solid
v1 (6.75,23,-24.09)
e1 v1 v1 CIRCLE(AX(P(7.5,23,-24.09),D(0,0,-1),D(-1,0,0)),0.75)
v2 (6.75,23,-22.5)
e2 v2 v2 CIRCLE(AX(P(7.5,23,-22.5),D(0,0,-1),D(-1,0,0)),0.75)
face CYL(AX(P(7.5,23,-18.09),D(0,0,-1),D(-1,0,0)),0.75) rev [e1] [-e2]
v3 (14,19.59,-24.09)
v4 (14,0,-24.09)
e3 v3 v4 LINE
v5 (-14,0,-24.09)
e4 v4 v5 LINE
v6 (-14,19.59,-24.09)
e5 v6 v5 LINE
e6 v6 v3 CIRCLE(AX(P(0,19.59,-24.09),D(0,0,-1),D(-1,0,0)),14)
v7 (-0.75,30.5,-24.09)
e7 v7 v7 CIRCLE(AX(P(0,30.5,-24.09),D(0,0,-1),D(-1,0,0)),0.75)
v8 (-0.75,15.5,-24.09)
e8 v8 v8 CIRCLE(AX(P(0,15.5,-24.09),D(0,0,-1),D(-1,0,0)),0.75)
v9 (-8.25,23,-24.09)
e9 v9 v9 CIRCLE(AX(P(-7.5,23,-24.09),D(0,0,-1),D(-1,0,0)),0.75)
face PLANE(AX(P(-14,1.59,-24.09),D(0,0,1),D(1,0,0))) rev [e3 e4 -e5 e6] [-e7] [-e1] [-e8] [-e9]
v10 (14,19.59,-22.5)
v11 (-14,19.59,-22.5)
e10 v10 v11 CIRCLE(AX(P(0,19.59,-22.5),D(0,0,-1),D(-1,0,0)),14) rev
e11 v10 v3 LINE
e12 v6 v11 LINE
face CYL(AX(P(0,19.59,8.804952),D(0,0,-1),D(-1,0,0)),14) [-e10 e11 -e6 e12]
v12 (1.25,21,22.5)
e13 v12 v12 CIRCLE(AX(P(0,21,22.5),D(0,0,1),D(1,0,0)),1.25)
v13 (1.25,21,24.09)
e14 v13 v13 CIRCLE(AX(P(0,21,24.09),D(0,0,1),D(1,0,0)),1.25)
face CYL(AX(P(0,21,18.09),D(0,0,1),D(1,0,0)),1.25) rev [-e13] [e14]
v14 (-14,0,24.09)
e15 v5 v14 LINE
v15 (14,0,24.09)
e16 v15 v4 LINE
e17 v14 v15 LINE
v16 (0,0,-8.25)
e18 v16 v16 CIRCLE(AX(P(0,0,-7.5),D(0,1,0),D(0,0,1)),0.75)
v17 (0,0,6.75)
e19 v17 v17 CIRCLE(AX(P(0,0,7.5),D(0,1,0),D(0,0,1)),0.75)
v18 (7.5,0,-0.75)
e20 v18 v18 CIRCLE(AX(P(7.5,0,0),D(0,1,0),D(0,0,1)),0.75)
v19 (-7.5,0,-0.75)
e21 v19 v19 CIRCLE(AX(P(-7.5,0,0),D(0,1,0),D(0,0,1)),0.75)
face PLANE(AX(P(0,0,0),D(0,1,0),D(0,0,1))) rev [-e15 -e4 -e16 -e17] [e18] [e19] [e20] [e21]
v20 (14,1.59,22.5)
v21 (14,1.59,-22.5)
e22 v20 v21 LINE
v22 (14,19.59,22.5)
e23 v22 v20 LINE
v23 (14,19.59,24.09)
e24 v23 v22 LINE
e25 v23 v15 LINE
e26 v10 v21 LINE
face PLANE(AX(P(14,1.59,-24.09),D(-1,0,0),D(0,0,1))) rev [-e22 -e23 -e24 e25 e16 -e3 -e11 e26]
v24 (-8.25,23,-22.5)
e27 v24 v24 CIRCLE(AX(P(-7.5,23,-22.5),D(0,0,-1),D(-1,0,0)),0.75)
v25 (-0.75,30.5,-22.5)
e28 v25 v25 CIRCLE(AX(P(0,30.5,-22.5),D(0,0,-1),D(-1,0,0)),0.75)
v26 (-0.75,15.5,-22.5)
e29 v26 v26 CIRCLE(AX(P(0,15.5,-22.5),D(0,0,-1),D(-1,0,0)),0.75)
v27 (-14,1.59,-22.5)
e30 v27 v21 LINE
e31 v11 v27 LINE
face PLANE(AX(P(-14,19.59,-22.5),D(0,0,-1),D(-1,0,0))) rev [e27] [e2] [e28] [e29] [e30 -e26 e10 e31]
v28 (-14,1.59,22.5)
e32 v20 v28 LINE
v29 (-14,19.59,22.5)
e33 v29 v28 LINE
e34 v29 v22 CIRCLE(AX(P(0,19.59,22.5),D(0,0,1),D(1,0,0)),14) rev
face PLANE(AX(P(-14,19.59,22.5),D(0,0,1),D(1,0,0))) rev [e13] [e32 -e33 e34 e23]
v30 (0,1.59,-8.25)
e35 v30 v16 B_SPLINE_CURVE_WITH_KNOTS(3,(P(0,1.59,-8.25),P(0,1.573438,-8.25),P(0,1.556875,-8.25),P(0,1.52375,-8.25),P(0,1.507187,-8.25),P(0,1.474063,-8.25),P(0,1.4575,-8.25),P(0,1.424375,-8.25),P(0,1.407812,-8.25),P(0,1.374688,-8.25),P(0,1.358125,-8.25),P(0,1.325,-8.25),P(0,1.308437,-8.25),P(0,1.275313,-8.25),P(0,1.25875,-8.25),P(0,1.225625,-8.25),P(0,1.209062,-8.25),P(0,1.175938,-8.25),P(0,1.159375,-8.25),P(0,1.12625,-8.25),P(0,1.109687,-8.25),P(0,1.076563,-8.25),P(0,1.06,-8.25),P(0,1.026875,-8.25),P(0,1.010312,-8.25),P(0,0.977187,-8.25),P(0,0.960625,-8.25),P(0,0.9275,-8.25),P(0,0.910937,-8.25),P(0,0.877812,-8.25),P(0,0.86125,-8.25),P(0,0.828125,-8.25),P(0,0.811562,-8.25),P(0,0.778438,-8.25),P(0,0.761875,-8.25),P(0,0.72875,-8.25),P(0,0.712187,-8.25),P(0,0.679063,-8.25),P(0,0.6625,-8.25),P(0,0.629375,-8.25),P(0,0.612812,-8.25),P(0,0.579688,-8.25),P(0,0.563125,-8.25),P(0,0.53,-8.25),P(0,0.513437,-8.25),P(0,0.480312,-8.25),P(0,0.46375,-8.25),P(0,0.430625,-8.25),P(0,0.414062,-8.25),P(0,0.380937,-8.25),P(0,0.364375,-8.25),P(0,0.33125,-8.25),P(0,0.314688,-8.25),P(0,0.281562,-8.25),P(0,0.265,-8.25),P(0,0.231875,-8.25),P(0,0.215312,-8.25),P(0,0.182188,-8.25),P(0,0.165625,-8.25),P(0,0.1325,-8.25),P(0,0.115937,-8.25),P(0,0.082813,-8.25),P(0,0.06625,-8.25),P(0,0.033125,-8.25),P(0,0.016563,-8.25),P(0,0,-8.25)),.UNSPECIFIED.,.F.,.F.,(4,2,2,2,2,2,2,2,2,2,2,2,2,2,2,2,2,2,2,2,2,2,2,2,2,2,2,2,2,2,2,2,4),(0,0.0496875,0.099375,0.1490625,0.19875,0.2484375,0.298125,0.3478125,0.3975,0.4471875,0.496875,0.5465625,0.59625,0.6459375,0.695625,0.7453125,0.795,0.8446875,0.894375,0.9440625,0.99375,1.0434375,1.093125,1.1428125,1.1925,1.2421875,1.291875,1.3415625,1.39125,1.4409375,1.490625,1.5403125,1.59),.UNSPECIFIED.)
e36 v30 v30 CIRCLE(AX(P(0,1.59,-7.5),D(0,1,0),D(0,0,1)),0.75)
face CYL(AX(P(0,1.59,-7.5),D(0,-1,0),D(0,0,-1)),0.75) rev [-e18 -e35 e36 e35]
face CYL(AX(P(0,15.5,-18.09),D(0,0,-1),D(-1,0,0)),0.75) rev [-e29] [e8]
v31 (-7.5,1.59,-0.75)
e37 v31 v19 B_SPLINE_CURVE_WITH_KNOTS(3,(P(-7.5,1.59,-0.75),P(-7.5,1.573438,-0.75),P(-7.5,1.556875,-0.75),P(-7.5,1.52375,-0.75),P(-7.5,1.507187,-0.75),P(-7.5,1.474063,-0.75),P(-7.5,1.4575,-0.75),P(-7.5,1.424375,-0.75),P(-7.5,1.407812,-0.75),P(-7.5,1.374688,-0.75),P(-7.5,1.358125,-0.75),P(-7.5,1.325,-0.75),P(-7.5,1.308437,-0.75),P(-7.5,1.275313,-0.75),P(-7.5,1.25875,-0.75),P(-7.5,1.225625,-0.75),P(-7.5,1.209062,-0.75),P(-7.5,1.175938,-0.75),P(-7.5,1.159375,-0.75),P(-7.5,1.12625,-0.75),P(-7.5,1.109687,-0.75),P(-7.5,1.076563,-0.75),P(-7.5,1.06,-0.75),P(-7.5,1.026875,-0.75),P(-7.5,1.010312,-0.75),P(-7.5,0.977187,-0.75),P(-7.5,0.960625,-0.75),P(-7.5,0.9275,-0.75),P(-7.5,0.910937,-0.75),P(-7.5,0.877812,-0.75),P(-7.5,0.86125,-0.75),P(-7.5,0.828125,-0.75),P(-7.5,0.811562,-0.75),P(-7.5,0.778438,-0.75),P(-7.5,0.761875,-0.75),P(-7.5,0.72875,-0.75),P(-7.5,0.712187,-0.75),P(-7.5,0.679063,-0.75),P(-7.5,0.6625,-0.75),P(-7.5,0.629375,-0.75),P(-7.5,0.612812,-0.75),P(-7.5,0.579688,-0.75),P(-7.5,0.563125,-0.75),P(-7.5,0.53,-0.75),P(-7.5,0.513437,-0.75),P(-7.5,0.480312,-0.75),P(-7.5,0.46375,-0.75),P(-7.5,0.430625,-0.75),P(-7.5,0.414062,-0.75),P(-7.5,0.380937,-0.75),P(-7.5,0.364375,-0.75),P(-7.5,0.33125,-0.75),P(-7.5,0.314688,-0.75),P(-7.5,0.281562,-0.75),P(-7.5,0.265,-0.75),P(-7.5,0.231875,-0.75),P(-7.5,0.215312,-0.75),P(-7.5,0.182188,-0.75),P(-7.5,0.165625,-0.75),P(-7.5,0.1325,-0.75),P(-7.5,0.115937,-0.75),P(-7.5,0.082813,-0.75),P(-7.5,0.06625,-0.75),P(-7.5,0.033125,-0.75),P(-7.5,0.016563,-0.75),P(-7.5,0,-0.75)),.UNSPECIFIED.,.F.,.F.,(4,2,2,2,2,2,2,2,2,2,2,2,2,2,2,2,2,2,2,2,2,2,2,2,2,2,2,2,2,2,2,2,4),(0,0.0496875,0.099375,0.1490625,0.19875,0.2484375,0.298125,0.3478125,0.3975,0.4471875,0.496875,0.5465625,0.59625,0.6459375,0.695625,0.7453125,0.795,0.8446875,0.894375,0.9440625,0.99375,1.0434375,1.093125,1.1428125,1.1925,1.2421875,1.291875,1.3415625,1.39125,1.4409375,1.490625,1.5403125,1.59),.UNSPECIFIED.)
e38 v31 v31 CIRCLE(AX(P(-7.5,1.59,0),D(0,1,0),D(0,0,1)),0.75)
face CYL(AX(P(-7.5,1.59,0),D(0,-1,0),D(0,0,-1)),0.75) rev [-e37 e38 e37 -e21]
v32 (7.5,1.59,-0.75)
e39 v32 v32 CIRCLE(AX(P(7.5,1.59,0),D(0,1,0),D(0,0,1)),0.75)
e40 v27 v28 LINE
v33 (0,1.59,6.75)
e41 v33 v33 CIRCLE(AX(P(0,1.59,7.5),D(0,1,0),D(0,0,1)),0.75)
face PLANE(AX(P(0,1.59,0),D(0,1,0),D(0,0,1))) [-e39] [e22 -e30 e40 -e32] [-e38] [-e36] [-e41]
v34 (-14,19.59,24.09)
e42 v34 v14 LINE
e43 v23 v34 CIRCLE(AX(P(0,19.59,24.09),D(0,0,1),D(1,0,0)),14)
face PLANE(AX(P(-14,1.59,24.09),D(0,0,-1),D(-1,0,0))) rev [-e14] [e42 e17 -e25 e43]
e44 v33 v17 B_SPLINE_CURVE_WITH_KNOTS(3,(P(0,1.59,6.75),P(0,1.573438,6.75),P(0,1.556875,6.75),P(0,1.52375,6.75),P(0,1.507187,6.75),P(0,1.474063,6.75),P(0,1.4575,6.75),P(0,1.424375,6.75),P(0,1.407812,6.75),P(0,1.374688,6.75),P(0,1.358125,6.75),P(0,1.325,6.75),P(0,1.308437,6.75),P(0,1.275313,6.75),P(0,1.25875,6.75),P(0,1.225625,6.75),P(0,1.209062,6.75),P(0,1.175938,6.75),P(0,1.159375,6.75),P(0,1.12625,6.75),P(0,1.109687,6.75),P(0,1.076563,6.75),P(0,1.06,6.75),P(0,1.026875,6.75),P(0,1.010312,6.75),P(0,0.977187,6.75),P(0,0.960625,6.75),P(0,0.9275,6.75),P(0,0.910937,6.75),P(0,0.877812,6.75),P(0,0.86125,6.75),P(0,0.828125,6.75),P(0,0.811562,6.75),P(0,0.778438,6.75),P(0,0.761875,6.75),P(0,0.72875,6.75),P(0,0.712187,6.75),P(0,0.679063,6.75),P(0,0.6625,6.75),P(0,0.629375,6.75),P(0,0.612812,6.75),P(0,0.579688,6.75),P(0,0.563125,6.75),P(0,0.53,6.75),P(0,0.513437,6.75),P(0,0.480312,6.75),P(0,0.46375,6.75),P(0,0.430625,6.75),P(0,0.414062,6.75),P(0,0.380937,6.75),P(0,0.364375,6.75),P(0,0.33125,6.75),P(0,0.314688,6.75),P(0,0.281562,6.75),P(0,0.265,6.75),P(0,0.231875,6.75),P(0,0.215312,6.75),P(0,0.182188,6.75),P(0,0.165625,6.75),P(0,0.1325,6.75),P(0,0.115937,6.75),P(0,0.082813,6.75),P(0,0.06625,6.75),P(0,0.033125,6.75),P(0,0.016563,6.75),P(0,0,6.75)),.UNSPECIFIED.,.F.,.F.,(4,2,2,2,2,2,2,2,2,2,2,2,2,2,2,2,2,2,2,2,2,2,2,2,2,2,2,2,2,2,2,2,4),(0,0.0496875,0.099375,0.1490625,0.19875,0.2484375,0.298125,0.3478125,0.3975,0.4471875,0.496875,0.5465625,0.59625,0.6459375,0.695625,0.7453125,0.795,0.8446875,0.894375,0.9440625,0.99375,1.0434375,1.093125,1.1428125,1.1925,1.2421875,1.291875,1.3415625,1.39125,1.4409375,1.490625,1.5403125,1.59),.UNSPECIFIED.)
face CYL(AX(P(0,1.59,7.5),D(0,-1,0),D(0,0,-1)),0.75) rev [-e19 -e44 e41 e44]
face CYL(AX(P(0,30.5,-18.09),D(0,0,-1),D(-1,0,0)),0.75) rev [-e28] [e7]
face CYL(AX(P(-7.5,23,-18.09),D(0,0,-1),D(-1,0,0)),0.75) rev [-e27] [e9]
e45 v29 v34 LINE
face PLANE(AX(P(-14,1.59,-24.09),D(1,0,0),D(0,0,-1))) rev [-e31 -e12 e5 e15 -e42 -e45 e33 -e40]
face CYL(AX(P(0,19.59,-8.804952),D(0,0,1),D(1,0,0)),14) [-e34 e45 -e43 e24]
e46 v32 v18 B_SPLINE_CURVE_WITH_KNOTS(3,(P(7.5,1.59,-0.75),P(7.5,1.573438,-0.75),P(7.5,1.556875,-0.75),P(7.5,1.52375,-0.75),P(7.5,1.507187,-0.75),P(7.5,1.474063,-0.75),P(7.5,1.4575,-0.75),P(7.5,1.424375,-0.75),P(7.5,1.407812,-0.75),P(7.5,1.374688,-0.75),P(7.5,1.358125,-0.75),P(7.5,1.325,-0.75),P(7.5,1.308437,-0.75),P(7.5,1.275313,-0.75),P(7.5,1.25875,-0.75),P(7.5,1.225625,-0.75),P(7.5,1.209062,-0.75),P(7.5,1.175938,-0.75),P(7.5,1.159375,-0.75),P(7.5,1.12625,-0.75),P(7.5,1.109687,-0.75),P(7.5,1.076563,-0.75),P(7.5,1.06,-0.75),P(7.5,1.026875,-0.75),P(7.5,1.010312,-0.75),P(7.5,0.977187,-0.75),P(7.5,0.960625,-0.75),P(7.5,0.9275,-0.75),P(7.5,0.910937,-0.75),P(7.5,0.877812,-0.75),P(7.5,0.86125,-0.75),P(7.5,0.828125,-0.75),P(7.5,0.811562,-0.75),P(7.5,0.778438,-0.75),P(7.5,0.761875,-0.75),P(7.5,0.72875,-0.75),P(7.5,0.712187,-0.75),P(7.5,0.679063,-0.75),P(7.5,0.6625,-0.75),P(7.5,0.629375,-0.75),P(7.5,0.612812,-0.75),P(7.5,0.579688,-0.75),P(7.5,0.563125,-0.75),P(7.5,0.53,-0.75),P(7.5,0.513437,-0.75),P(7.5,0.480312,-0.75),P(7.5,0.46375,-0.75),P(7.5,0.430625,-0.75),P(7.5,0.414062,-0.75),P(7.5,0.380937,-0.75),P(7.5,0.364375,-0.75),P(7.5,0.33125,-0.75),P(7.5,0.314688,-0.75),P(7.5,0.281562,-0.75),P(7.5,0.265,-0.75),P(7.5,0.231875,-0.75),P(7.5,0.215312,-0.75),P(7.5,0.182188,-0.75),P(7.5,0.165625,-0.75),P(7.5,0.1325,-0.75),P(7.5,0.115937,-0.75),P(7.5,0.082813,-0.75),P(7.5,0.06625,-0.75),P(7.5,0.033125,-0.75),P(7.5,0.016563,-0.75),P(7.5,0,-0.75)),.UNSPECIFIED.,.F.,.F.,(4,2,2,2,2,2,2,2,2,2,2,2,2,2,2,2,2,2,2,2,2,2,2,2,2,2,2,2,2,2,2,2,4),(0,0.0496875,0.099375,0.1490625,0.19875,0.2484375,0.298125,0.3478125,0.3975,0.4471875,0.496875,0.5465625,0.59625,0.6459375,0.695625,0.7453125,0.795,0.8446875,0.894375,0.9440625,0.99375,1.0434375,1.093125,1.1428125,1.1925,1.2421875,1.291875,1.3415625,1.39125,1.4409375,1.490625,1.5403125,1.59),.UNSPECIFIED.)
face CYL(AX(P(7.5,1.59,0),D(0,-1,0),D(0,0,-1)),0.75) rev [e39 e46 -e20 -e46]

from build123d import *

# Parameters (mm, degrees)
SKETCH1_W           = 28
SKETCH1_H           = 48.18
SKETCH1_R           = 0.75
BOSS_EXTRUDE1_DEPTH = 1.59
SKETCH2_W           = 28
SKETCH2_H           = 1.59
BOSS_EXTRUDE2_DEPTH = 18
BOSS_EXTRUDE3_DEPTH = 1.59
BOSS_EXTRUDE4_START = -1.59
BOSS_EXTRUDE4_DEPTH = 1.59
SKETCH5_R           = 1.25
CUT_EXTRUDE1_DEPTH  = 6
SKETCH6_R           = 0.75
CUT_EXTRUDE2_DEPTH  = 6


with BuildPart() as part:
    # Sketch1 → Boss-Extrude1 (new body)
    with BuildSketch(Plane(origin=(0, 0, 0), x_dir=(1, 0, 0), z_dir=(0, 1, 0))):
        Rectangle(SKETCH1_W, SKETCH1_H)
        with Locations(Location((0, 7.5, 0), (0, 0, 90))):
            Circle(SKETCH1_R, mode=Mode.SUBTRACT)
        with Locations(Location((0, -7.5, 0), (0, 0, 90))):
            Circle(SKETCH1_R, mode=Mode.SUBTRACT)
        with Locations(Location((7.5, 0, 0), (0, 0, 90))):
            Circle(SKETCH1_R, mode=Mode.SUBTRACT)
        with Locations(Location((-7.5, 0, 0), (0, 0, 90))):
            Circle(SKETCH1_R, mode=Mode.SUBTRACT)
    extrude(amount=BOSS_EXTRUDE1_DEPTH)

    # Sketch2 → Boss-Extrude2 (add)
    with BuildSketch(Plane(origin=(0, 1.59, 0), x_dir=(1, 0, 0), z_dir=(0, 1, 0))):
        with Locations((0, 23.295)):
            Rectangle(SKETCH2_W, SKETCH2_H)
        with Locations((0, -23.295)):
            Rectangle(SKETCH2_W, SKETCH2_H)
    extrude(amount=BOSS_EXTRUDE2_DEPTH)

    # Sketch3 → Boss-Extrude3 (add)
    with BuildSketch(Plane.XY.offset(24.09)):
        with BuildLine():
            Line((-14, 19.59), (14, 19.59))
            ThreePointArc((14, 19.59), (0, 33.59), (-14, 19.59))
        make_face()
    extrude(amount=-BOSS_EXTRUDE3_DEPTH)

    # Sketch4 → Boss-Extrude4 (add)
    with BuildSketch(Plane(origin=(0, 0, -24.09), x_dir=(-1, 0, 0), z_dir=(0, 0, -1)).offset(BOSS_EXTRUDE4_START)):
        with BuildLine():
            Line((-14, 19.59), (14, 19.59))
            ThreePointArc((14, 19.59), (0, 33.59), (-14, 19.59))
        make_face()
    extrude(amount=BOSS_EXTRUDE4_DEPTH)

    # Sketch5 → Cut-Extrude1 (cut)
    with BuildSketch(Plane.XY.offset(24.09)):
        with Locations((0, 21)):
            Circle(SKETCH5_R)
    extrude(amount=-CUT_EXTRUDE1_DEPTH, mode=Mode.SUBTRACT)

    # Sketch6 → Cut-Extrude2 (cut)
    with BuildSketch(Plane(origin=(0, 0, -24.09), x_dir=(-1, 0, 0), z_dir=(0, 0, -1))):
        with Locations((0, 30.5)):
            Circle(SKETCH6_R)
        with Locations((0, 15.5)):
            Circle(SKETCH6_R)
        with Locations((7.5, 23)):
            Circle(SKETCH6_R)
        with Locations((-7.5, 23)):
            Circle(SKETCH6_R)
    extrude(amount=-CUT_EXTRUDE2_DEPTH, mode=Mode.SUBTRACT)


solid = part.part
